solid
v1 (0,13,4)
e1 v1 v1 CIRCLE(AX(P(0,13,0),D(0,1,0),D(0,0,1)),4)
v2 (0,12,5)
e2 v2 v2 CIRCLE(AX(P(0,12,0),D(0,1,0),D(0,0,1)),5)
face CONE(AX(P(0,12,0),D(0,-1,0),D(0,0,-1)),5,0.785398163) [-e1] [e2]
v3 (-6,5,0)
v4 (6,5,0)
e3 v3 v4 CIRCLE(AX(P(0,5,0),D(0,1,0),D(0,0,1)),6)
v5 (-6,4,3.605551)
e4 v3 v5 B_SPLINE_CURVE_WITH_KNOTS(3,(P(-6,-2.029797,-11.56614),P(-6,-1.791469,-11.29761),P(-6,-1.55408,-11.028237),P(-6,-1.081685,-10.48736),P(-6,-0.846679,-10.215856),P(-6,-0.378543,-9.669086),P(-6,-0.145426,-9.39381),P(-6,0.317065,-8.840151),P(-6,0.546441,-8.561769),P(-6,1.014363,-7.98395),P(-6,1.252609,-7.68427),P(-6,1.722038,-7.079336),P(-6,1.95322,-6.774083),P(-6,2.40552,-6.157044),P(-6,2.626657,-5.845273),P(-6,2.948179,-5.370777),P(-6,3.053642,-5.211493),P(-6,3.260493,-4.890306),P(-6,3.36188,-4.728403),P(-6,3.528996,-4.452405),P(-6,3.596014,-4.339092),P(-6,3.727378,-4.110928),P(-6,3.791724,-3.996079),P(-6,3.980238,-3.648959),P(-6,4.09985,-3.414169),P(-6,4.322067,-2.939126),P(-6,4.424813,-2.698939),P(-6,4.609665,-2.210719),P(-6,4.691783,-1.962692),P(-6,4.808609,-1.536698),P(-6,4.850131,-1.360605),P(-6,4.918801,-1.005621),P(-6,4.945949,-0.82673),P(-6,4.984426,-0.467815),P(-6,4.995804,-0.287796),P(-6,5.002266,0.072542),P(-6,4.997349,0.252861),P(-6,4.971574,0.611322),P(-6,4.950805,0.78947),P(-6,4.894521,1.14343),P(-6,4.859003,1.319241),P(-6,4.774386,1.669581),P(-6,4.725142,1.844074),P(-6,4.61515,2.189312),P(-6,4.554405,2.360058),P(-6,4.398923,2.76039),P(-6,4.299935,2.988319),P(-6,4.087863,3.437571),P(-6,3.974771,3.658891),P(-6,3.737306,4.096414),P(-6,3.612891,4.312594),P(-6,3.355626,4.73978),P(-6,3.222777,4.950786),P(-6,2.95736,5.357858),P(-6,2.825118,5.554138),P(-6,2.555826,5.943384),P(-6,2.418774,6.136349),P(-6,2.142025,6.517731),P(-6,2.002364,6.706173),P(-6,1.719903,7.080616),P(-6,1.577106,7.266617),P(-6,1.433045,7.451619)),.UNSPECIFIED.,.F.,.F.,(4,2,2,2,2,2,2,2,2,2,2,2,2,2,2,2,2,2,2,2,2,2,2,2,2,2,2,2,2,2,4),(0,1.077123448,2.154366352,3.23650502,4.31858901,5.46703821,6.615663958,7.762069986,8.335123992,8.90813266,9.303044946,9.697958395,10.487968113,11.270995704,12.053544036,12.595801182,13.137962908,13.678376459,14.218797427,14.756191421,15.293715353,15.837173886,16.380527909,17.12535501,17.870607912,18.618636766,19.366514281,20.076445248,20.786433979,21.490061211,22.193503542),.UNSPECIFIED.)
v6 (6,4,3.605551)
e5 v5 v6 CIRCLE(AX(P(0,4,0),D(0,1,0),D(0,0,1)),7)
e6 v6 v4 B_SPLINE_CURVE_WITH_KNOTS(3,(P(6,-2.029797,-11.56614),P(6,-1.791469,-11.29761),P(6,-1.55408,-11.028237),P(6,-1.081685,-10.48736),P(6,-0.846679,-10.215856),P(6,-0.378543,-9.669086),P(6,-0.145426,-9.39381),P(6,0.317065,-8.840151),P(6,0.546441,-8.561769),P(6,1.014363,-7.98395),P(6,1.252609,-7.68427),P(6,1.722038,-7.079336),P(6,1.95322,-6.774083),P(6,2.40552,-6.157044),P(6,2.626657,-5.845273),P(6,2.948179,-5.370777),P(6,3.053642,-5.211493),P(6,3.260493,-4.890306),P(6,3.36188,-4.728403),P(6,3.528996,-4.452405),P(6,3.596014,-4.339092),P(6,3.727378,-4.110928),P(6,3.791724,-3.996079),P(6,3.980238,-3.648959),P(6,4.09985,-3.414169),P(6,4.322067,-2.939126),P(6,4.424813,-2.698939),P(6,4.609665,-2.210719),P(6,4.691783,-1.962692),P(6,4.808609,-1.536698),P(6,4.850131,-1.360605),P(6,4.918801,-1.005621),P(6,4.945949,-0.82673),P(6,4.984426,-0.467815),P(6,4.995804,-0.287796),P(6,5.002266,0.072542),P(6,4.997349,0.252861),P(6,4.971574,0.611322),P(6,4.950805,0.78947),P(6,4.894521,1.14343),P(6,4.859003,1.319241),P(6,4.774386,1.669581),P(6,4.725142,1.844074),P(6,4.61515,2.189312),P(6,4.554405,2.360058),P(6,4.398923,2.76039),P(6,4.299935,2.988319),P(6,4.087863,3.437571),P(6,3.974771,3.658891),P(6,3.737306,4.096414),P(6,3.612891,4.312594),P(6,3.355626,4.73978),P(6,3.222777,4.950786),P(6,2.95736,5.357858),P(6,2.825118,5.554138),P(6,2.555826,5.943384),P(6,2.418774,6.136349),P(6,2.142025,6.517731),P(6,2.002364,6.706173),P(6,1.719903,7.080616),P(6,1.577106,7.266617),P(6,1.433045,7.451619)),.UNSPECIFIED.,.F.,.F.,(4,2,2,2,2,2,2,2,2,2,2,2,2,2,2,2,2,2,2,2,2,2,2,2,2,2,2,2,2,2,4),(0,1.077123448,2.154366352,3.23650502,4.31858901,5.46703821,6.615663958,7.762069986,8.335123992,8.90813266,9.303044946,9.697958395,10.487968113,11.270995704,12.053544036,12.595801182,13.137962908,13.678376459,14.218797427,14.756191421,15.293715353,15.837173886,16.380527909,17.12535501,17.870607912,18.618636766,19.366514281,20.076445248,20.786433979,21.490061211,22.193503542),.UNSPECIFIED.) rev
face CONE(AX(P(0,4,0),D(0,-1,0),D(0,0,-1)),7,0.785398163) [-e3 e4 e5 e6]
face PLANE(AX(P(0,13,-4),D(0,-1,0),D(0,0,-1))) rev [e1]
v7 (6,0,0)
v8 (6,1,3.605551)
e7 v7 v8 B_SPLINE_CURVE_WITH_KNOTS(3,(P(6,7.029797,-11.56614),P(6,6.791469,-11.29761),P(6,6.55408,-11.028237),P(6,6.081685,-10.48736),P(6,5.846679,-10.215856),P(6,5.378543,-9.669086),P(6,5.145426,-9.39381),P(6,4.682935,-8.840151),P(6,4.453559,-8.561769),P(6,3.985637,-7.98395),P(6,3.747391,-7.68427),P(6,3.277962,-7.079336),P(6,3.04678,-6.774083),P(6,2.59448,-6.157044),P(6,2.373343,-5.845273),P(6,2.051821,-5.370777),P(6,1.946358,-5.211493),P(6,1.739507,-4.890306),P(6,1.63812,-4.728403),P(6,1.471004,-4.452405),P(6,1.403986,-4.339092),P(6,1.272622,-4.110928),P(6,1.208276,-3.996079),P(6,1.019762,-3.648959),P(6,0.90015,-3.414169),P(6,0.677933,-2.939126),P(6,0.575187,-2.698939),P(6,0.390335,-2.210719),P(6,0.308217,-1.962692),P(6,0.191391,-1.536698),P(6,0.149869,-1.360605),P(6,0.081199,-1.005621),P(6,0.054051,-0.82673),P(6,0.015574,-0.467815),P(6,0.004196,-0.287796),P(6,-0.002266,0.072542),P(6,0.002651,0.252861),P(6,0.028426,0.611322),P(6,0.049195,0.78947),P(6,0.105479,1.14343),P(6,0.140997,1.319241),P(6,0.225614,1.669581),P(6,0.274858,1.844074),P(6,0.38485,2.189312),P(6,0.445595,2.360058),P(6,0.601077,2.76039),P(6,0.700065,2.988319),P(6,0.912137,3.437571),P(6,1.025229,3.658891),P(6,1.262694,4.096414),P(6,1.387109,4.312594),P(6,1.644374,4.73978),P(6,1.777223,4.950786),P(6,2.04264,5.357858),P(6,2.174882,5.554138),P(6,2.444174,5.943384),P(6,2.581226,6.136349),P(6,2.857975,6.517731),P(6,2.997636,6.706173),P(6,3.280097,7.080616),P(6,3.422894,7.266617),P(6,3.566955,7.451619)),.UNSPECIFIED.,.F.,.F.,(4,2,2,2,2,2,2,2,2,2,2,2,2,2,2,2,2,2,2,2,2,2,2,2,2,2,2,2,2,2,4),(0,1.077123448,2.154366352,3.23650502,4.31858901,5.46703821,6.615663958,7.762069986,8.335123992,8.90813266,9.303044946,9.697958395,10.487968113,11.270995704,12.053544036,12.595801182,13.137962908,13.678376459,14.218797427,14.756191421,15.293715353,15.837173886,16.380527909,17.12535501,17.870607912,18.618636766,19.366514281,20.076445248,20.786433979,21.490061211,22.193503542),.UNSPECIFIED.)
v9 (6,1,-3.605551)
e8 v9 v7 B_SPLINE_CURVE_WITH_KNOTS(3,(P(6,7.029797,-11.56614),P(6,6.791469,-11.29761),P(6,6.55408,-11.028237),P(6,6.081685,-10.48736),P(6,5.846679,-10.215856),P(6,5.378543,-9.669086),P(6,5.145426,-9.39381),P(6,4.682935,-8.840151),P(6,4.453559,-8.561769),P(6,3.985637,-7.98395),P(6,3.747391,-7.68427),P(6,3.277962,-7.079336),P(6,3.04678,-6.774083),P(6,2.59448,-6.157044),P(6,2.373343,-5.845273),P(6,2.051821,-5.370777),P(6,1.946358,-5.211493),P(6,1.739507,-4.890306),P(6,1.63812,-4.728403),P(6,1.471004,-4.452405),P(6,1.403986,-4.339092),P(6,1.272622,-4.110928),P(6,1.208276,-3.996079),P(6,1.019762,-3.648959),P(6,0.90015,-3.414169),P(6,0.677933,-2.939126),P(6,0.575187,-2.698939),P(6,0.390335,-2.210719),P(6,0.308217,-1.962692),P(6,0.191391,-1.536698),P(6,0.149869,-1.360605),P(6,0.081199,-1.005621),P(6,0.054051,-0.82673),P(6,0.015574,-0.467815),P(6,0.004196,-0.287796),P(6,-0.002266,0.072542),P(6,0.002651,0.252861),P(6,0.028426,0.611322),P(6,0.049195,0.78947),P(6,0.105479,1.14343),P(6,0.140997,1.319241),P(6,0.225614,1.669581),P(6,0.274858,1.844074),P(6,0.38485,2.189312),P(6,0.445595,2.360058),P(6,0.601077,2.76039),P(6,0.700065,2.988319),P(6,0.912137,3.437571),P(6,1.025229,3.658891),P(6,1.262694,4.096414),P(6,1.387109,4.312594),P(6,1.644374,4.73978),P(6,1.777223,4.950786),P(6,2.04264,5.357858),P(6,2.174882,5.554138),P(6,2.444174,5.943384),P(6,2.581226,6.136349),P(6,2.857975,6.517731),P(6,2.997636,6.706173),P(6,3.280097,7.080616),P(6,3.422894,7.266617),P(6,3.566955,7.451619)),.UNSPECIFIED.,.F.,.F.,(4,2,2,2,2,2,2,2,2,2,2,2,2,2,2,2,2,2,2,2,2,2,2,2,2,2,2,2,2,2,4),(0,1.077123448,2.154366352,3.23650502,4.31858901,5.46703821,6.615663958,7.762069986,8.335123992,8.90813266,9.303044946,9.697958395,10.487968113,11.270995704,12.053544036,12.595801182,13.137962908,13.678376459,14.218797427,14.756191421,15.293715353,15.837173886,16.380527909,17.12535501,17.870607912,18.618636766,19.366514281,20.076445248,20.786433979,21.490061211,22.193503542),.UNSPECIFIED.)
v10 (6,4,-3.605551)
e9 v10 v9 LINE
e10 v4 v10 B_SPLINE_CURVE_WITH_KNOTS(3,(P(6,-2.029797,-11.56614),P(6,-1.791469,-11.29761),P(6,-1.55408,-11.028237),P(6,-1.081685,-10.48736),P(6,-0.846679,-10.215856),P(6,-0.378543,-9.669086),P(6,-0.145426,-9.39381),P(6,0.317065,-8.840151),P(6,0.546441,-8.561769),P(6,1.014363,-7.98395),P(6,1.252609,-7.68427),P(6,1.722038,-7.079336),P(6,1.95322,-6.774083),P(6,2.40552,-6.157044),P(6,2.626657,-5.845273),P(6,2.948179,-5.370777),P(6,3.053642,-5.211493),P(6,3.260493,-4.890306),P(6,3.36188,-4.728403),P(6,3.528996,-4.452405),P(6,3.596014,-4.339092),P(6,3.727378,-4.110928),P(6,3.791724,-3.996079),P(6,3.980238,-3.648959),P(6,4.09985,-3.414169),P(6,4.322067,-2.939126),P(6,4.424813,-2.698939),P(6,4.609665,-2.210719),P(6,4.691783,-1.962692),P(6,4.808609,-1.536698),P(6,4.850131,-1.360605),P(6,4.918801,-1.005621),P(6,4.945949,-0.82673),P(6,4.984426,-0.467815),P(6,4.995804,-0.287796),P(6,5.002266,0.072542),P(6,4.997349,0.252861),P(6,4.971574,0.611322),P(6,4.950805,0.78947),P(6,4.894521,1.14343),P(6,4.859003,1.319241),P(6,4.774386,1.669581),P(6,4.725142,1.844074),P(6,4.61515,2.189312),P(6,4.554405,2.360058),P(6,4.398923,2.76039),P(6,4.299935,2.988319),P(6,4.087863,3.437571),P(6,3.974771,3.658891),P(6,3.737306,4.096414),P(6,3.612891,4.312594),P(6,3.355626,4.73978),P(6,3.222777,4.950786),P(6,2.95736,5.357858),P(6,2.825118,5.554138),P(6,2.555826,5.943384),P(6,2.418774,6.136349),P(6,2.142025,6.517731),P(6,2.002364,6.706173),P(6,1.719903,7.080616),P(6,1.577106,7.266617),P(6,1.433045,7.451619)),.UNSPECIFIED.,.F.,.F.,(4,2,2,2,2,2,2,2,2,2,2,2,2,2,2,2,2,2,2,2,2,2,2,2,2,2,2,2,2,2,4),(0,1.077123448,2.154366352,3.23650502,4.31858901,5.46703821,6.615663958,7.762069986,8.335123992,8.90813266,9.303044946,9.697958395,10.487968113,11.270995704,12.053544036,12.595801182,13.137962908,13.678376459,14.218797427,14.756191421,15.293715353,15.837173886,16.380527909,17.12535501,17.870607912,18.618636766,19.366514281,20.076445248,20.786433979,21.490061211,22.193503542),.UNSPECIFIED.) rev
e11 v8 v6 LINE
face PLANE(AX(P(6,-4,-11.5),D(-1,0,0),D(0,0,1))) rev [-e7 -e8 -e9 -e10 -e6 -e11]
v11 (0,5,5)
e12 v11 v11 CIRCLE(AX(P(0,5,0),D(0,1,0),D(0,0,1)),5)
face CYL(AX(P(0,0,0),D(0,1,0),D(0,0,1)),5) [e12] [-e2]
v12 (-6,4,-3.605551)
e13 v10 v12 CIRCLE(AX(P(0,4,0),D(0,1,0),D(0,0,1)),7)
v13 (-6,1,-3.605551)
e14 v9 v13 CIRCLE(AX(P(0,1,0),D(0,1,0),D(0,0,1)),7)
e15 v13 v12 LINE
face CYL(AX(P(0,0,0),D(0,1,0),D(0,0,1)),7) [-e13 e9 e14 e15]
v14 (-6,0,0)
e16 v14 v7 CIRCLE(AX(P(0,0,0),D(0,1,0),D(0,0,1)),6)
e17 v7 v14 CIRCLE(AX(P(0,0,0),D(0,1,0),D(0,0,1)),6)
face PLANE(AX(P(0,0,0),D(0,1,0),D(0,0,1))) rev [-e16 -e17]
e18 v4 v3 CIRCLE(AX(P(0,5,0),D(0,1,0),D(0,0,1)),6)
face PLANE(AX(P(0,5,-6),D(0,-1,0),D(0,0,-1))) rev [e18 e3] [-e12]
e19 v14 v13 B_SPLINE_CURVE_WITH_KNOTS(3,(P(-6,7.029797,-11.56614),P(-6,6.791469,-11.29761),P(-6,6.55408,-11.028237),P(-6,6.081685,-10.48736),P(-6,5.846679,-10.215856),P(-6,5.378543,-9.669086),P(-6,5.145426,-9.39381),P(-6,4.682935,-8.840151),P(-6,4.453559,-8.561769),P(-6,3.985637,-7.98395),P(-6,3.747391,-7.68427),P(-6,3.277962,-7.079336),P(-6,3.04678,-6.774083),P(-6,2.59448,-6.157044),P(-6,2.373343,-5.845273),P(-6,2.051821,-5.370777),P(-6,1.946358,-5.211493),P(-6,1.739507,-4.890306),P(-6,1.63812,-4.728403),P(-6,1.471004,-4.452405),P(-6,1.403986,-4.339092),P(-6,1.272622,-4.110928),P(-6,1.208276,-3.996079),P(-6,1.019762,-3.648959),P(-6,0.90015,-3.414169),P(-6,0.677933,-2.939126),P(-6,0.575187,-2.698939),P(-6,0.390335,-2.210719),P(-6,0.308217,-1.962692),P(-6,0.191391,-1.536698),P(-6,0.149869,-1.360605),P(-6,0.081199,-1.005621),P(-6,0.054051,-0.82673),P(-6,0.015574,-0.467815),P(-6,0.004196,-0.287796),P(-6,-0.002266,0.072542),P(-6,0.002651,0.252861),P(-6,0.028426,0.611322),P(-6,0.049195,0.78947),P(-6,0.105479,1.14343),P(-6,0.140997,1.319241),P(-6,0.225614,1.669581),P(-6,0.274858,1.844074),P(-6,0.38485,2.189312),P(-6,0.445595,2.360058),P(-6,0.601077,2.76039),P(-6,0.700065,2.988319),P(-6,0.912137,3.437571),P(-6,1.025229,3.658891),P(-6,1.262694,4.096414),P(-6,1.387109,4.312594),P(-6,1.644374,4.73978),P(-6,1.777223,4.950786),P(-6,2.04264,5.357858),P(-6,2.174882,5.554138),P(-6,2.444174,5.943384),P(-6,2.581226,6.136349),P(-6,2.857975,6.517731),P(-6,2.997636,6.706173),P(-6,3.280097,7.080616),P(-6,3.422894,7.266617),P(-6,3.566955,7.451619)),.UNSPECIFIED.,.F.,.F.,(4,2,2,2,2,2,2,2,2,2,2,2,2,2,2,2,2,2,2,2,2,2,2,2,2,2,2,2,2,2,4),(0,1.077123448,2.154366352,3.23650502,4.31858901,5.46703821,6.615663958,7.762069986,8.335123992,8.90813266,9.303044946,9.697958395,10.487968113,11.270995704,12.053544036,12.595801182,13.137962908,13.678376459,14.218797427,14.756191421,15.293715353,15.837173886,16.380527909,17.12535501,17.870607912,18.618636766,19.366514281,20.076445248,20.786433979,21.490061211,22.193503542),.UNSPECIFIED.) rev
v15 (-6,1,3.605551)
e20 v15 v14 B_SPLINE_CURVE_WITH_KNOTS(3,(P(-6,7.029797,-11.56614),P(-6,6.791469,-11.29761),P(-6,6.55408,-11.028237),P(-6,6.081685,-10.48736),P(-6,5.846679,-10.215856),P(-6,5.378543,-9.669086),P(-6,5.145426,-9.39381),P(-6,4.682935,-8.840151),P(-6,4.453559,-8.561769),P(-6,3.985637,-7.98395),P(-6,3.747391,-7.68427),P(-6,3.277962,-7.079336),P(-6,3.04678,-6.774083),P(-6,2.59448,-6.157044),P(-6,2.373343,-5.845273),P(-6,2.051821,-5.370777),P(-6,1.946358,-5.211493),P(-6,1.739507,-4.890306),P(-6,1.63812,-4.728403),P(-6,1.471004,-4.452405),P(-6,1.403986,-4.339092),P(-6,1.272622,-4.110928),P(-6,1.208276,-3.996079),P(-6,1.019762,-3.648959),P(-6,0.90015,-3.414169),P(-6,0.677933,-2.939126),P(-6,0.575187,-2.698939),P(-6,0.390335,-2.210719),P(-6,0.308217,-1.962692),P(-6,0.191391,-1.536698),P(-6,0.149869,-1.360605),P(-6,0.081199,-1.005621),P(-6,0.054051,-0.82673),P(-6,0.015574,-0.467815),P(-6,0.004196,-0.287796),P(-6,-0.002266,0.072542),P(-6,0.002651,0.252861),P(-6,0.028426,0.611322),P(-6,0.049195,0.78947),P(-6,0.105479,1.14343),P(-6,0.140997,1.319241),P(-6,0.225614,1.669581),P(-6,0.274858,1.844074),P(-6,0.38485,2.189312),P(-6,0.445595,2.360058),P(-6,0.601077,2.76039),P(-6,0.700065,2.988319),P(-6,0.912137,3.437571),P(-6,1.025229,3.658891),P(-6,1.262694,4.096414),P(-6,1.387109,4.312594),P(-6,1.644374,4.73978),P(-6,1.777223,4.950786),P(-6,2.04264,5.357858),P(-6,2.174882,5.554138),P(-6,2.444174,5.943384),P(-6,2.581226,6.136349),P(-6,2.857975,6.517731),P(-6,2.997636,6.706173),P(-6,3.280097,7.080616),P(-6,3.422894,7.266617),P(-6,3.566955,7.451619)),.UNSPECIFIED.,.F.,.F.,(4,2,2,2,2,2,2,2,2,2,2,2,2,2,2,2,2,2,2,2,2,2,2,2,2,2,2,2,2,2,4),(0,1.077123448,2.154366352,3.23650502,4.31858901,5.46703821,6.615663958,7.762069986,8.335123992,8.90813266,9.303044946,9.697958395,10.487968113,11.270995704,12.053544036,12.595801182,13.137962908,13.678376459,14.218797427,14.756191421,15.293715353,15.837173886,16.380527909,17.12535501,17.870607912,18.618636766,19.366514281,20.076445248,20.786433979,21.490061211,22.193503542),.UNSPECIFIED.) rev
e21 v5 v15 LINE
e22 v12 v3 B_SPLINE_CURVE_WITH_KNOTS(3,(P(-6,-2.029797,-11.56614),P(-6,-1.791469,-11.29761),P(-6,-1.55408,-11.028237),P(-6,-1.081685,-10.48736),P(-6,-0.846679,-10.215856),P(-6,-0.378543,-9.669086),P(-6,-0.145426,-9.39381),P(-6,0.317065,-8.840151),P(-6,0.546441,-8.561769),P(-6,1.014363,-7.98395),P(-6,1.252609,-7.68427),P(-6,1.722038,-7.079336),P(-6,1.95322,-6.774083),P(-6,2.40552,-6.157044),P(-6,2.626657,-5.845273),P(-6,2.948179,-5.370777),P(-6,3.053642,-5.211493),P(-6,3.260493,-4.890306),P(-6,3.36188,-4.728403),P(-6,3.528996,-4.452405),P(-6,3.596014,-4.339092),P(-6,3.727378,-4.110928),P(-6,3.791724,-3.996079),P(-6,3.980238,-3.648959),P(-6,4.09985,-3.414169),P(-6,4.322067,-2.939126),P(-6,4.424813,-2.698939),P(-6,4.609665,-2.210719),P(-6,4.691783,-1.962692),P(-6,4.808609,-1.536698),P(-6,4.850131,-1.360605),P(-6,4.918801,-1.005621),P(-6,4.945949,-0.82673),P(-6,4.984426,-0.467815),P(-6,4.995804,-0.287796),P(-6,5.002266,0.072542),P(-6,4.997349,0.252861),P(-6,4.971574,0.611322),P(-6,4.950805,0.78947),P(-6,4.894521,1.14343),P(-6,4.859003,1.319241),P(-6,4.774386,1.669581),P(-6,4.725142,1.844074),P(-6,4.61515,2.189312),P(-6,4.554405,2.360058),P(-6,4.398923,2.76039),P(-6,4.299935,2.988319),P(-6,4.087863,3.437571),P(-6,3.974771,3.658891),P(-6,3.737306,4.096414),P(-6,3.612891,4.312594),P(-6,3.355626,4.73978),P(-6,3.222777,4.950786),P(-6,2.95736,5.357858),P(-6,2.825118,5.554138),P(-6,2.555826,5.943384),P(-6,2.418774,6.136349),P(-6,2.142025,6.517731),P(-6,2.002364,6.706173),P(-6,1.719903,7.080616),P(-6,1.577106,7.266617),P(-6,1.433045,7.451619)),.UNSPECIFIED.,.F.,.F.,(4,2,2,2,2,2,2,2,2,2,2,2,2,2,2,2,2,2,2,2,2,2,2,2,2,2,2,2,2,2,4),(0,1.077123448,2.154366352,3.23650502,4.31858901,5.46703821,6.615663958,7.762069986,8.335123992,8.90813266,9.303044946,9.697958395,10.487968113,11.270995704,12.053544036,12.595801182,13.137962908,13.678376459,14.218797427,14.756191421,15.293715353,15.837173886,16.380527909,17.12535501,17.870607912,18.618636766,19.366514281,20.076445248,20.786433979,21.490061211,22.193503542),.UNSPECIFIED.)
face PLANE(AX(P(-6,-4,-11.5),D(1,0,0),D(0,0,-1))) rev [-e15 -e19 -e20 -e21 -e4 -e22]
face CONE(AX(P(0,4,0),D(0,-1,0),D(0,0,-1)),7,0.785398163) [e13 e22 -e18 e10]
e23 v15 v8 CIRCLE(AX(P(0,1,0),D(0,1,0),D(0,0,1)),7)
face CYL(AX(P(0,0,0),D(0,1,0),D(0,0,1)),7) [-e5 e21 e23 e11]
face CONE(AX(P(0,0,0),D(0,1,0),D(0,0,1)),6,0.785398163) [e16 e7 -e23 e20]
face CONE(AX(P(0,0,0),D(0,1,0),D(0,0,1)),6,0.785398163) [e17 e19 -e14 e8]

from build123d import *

# Parameters (mm, degrees)
SKIZZE3_W                       = 5
SKIZZE3_H                       = 23
SCHNITT_LINEAR_AUSTRAGEN1_DEPTH = 9


with BuildPart() as part:
    # Skizze2 → Rotation1 (revolve)
    with BuildSketch(Plane(origin=(0, 0, 0), x_dir=(0, 0, -1), z_dir=(1, 0, 0)), mode=Mode.PRIVATE) as rotation1_sk:
        Polygon((0, 0), (6, 0), (7, 1), (7, 4), (6, 5), (5, 5), (5, 12), (4, 13), (0, 13), align=None)
    revolve(rotation1_sk.sketch.rotate(Axis((0, 0, 0), (0, -1, 0)), 180), axis=Axis((0, 0, 0), (0, -1, 0)))

    # Skizze3 → Schnitt-Linear austragen1 (cut)
    with BuildSketch(Plane(origin=(0, 5, 0), x_dir=(1, 0, 0), z_dir=(0, 1, 0))):
        with Locations((8.5, 0)):
            Rectangle(SKIZZE3_W, SKIZZE3_H)
        with Locations((-8.5, 0)):
            Rectangle(SKIZZE3_W, SKIZZE3_H)
    extrude(amount=-SCHNITT_LINEAR_AUSTRAGEN1_DEPTH, mode=Mode.SUBTRACT)


solid = part.part
